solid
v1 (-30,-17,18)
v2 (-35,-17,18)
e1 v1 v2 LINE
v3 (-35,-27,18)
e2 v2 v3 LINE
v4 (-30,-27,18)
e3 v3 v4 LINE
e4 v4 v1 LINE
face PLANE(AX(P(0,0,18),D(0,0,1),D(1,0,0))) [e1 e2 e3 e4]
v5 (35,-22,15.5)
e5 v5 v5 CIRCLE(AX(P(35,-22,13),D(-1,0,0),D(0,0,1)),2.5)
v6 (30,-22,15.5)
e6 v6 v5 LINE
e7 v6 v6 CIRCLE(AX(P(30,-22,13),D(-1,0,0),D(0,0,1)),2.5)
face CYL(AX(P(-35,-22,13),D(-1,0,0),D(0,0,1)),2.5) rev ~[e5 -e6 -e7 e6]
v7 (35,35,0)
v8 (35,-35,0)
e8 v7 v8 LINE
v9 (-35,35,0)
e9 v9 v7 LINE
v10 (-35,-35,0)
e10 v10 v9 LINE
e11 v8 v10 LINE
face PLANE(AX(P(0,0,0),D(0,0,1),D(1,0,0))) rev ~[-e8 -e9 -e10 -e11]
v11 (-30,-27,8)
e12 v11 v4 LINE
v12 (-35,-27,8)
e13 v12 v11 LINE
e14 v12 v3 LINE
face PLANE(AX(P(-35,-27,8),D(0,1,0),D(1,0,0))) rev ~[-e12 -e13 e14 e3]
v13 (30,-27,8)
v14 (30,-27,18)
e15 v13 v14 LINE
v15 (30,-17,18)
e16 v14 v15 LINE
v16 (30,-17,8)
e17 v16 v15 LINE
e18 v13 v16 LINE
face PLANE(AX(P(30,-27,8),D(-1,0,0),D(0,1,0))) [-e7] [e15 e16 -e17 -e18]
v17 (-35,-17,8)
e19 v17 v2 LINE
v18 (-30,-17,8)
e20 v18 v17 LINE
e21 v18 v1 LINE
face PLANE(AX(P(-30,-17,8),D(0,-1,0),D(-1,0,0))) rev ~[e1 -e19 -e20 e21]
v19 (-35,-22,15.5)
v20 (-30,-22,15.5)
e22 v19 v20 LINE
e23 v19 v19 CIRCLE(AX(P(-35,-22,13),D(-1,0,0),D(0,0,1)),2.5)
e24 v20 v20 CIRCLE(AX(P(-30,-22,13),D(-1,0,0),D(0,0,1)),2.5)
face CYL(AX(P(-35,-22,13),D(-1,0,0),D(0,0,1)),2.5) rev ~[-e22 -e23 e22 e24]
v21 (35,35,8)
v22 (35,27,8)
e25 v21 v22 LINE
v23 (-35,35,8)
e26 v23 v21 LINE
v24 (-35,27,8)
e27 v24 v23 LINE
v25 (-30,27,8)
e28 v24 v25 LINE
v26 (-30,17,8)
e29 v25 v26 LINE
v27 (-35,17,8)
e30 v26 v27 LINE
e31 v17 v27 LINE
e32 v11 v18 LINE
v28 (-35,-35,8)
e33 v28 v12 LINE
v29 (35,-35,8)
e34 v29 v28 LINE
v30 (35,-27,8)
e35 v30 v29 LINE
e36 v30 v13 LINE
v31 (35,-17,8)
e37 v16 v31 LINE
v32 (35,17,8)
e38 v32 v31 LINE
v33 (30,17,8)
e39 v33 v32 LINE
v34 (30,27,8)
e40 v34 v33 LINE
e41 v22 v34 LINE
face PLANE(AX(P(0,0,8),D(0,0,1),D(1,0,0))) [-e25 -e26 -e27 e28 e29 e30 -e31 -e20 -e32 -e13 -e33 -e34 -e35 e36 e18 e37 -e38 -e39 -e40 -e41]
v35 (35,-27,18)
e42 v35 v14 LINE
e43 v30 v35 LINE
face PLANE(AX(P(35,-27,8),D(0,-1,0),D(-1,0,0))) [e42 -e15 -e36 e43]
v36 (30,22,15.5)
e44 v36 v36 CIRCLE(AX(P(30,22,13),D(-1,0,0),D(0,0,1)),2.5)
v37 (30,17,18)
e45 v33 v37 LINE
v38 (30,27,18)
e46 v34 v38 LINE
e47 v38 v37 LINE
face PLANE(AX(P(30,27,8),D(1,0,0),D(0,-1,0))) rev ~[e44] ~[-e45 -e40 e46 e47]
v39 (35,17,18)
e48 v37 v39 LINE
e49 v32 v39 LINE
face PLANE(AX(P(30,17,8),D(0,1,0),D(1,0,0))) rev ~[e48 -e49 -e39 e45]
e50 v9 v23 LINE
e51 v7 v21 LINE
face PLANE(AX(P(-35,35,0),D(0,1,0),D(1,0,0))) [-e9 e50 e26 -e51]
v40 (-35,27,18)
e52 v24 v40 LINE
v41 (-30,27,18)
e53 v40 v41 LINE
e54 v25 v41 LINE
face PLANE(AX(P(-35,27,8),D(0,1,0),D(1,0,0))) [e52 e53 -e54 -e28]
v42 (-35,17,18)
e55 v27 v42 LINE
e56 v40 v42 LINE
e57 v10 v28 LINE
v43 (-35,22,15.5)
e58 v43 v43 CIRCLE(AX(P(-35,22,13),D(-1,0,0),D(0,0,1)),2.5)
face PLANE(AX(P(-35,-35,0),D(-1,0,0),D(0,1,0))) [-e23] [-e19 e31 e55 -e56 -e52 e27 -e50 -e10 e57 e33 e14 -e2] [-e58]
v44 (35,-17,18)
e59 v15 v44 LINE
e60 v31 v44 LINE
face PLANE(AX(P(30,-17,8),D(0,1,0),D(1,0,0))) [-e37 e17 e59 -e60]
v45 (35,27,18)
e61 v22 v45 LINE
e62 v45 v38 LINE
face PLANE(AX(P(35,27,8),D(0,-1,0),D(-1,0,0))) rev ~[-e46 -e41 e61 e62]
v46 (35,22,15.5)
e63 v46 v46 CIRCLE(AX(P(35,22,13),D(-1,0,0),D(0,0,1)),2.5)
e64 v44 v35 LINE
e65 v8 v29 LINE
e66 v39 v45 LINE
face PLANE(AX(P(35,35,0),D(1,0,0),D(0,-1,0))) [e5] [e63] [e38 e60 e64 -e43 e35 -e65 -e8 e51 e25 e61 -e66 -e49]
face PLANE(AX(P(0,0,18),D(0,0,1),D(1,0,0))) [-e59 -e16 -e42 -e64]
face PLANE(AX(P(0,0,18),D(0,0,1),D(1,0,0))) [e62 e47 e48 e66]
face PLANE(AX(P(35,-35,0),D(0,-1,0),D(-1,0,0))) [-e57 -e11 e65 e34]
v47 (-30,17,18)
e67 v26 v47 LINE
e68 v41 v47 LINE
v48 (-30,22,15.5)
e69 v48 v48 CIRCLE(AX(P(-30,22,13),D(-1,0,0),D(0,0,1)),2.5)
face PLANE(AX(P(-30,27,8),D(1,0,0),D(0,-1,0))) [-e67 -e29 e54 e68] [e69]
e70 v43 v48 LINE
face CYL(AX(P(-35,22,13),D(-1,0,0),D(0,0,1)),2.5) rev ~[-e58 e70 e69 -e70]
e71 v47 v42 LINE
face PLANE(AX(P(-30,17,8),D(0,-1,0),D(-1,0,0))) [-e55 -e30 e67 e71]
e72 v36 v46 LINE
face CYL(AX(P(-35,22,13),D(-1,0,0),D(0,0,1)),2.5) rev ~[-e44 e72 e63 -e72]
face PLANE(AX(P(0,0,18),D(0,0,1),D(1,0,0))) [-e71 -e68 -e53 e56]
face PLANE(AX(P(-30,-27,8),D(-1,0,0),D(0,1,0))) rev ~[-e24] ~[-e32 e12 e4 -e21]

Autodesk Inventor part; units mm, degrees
ref_plane "YZ Plane" through (0, 0, 0) normal (1, 0, 0) x (0, 1, 0)
ref_plane "XZ Plane" through (0, 0, 0) normal (0, 1, 0) x (-1, 0, 0)
ref_plane "XY Plane" through (0, 0, 0) normal (0, 0, 1) x (1, 0, 0)
sketch "Sketch1" plane through (0, 0, 0) normal (0, 0, 1) x (1, 0, 0)
  line L0 (-35, 35) -> (35, 35)
  line L1 (35, 35) -> (35, -35)
  line L2 (35, -35) -> (-35, -35)
  line L3 (-35, -35) -> (-35, 35)
  point P0 (0, 0)
  dimension "d0" = 70
  dimension "d1" = 70
  dimension "d2" = 35
  dimension "d3" = 35
extrude "Extrusion1" add sketch "Sketch1" along normal blind 8
sketch "Sketch2" plane through (0, 0, 8) normal (0, 0, 1) x (1, 0, 0)
  line L0 (-35, 35) -> (-35, -35) projected
  line L1 (-35, 27) -> (-30, 27)
  line L2 (-30, 27) -> (-30, 17)
  line L3 (-30, 17) -> (-35, 17)
  line L4 (-35, 17) -> (-35, 27)
  line L5 (35, 35) -> (-35, 35) projected
  line L6 (0, -49) -> (0, 49) projected
  line L7 (35, 27) -> (30, 27)
  line L8 (30, 27) -> (30, 17)
  line L9 (30, 17) -> (35, 17)
  line L10 (35, 17) -> (35, 27)
  line L11 (-49, 0) -> (49, 0) projected
  line L12 (-35, -27) -> (-30, -27)
  line L13 (-30, -27) -> (-30, -17)
  line L14 (-30, -17) -> (-35, -17)
  line L15 (-35, -17) -> (-35, -27)
  line L16 (30, -17) -> (35, -17)
  line L17 (30, -27) -> (30, -17)
  line L18 (35, -27) -> (30, -27)
  line L19 (35, -17) -> (35, -27)
  point P0 (0, 0)
  dimension "d7" = 10
  dimension "d8" = 8
  dimension "d9" = 5
extrude "Extrusion2" add sketch "Sketch2" along normal blind 10 contours L14 L13 L12 L0 | L1 L2 L3 L0 | L10 L9 L8 L7 | L16 L19 L18 L17
sketch "Sketch3" plane through (-35, -35, 0) normal (-1, 0, 0) x (0, 0, 1)
  line L0 (8, 62) -> (8, 52) projected
  line L1 (18, 62) -> (18, 52) projected
  line L2 (8, 62) -> (18, 62) projected
  line L3 (8, 52) -> (18, 52) projected
  line L4 (8, 18) -> (8, 8) projected
  line L5 (8, 18) -> (18, 18) projected
  line L6 (8, 8) -> (18, 8) projected
  line L7 (18, 18) -> (18, 8) projected
  circle A0 centre (13, 57) radius 2.5
  circle A1 centre (13, 13) radius 2.5
  point P0 (0, 35)
  dimension "d12" = 5
  dimension "d13" = 5
  dimension "d14" = 5
  dimension "d15" = 5
  dimension "d17" = 5
extrude "Extrusion3" cut sketch "Sketch3" against normal through all contours A0 | A1
equation "\"d1\" = d0"
equation "\"d2\" = 0.5 * d0"
equation "\"d3\" = 0.5 * d0"
equation "\"d8\" = width"
equation "\"width\" = 8"
properties part number "steven_example"
